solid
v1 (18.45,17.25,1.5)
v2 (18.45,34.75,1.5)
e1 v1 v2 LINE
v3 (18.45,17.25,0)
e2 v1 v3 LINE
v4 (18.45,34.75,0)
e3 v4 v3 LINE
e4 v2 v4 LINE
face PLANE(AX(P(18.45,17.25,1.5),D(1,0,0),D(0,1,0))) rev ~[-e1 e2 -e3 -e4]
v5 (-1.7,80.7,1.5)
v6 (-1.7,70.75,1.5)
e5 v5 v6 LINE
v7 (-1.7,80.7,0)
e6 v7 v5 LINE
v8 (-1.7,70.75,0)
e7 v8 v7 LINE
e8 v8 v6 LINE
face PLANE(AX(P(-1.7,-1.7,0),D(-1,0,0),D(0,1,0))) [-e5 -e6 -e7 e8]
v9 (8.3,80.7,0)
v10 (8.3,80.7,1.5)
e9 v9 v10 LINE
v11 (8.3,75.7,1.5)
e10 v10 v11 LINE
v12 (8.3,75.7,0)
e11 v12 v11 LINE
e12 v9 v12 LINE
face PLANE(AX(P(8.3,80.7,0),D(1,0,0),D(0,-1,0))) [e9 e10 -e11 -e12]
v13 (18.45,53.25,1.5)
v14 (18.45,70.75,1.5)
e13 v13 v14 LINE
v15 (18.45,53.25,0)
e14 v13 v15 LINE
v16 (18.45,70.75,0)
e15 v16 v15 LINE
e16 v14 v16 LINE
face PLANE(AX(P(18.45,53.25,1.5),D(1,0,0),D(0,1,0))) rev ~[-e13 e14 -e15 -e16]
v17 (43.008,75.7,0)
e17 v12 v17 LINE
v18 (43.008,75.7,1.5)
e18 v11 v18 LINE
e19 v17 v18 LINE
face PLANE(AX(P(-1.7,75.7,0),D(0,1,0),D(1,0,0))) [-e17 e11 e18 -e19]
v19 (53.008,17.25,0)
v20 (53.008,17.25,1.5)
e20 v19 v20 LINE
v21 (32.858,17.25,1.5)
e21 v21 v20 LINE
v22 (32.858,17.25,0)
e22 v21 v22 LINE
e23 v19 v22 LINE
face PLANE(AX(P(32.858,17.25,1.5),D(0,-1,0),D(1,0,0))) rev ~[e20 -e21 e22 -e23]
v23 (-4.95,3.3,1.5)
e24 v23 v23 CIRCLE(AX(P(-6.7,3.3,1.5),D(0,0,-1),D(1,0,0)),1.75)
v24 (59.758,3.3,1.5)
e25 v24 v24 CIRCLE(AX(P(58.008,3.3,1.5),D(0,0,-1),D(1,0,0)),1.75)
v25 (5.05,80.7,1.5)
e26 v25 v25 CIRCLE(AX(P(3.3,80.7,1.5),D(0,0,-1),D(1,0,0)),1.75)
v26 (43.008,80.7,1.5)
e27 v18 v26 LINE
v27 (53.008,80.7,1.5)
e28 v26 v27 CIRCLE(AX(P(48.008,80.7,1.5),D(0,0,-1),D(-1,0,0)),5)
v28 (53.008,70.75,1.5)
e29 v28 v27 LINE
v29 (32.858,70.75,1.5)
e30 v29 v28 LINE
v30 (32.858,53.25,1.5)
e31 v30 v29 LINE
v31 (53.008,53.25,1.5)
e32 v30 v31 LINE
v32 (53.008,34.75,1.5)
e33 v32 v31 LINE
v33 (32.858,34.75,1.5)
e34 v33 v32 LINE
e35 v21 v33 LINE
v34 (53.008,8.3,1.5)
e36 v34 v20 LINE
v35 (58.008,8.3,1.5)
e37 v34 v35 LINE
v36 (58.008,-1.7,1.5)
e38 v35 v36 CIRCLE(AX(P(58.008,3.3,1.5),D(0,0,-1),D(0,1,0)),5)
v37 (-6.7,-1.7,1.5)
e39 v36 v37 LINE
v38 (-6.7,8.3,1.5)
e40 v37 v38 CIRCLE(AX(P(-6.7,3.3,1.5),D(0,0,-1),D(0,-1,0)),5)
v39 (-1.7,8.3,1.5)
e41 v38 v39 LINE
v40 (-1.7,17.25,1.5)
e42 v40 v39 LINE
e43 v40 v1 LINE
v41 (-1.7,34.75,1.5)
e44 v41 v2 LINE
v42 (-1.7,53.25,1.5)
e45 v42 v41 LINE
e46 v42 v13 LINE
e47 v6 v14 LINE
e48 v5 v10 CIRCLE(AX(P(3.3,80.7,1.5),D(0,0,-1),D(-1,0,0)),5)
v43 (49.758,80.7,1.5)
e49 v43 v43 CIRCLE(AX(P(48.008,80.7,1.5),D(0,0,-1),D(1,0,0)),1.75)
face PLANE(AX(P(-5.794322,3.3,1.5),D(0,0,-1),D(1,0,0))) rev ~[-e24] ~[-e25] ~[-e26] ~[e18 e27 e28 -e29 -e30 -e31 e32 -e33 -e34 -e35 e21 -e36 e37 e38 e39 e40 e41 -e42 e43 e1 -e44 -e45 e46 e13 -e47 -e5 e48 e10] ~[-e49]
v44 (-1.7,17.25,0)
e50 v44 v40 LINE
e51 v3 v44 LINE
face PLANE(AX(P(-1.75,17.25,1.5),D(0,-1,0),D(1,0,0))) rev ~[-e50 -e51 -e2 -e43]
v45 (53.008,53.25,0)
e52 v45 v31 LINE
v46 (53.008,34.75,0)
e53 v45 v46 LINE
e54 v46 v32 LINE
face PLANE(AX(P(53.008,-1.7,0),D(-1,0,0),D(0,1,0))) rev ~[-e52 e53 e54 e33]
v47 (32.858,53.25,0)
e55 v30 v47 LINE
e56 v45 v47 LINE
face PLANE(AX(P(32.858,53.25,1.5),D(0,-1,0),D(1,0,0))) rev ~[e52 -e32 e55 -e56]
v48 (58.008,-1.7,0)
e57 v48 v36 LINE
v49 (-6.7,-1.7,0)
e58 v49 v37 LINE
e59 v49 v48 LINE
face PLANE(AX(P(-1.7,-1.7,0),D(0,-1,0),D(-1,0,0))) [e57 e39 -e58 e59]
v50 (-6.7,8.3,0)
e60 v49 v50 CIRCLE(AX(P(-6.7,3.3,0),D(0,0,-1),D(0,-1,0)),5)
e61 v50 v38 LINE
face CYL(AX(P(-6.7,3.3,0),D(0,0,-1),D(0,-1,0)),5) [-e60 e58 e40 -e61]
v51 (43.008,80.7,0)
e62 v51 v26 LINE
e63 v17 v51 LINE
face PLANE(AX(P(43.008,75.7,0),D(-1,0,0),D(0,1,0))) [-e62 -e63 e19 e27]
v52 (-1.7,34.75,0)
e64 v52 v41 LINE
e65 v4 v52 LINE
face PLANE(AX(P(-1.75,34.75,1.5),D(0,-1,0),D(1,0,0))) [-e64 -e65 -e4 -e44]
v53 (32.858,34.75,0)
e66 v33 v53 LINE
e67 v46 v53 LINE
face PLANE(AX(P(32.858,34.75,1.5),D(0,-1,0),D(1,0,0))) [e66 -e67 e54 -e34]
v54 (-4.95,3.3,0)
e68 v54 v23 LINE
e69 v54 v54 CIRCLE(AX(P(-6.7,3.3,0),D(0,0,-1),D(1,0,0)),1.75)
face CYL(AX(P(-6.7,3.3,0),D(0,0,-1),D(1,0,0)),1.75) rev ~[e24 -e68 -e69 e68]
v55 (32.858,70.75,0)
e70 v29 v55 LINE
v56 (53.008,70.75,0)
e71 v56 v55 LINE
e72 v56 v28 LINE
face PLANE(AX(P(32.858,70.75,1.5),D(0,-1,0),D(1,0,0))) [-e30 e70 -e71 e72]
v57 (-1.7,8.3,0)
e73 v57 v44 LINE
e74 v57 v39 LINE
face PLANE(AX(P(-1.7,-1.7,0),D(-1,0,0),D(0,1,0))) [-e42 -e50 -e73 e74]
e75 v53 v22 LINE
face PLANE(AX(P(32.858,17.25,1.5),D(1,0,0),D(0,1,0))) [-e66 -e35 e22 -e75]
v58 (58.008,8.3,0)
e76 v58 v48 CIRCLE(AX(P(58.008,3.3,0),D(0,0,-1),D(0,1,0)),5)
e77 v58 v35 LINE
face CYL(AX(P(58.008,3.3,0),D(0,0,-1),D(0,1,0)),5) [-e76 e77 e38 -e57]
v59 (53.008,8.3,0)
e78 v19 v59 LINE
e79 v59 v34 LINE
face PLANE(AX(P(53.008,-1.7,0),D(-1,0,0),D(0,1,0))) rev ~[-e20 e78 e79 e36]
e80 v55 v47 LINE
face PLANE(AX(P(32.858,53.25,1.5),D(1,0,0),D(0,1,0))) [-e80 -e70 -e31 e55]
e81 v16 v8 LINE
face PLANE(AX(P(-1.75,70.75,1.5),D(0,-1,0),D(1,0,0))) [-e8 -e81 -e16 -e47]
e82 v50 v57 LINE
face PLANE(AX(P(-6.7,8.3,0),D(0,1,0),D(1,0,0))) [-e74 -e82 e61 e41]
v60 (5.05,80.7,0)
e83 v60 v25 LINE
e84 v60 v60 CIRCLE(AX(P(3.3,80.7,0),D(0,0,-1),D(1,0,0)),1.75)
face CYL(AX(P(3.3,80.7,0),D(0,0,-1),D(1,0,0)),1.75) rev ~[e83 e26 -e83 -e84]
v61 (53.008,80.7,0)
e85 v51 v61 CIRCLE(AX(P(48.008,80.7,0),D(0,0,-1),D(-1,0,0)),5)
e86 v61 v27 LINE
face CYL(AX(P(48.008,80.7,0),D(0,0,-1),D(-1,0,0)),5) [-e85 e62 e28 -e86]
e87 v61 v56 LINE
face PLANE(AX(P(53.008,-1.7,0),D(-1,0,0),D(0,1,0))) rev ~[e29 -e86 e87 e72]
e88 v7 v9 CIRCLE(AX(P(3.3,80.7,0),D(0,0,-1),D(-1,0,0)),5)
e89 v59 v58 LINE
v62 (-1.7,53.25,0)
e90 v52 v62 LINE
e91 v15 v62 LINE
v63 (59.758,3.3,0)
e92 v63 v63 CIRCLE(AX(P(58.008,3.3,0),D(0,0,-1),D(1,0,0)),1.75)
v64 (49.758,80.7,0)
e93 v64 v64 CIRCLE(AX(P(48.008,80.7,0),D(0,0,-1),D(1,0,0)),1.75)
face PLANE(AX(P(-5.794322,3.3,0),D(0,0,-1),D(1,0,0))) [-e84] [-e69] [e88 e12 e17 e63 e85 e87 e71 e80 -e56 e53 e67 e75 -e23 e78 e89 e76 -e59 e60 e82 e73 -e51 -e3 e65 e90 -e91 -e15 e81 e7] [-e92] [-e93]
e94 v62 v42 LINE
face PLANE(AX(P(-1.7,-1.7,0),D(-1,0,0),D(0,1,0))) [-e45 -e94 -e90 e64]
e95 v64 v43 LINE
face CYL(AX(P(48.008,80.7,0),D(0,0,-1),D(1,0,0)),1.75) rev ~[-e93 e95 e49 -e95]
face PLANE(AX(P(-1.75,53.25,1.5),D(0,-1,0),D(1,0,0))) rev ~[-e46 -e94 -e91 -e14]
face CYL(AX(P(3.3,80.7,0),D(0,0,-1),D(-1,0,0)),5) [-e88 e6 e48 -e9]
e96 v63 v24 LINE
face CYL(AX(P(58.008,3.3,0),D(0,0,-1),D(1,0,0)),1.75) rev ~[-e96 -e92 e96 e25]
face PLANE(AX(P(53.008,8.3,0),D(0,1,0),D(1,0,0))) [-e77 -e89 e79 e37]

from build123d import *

# Parameters (mm, degrees)
F1_W     = 54.708
F1_H     = 77.4
F2_DEPTH = 1.5
F3_R     = 1.75
F4_DEPTH = 1.5
F5_W     = 20.2
F5_H     = 17.5
F6_DEPTH = 1.501


with BuildPart() as f2:
    # F1 (on face) → F2 (new body)
    with BuildSketch(Plane.XY):
        with Locations((25.654, 37)):
            Rectangle(F1_W, F1_H)
    extrude(amount=F2_DEPTH)

    # F3 (on face) → F4 (join)
    with BuildSketch(Plane(origin=(0, 0, 0), x_dir=(1, 0, 0), z_dir=(0, 0, -1))):
        with BuildLine():
            Line((-1.7, 1.7), (-6.7, 1.7))
            ThreePointArc((-6.7, 1.7), (-11.7, -3.3), (-6.7, -8.3))
            Line((-6.7, -8.3), (-1.7, -8.3))
            Line((-1.7, -8.3), (-1.7, 1.7))
        make_face()
        with Locations((-6.7, -3.3)):
            Circle(F3_R, mode=Mode.SUBTRACT)
        with BuildLine():
            Line((-1.7, -75.7), (-1.7, -80.7))
            ThreePointArc((-1.7, -80.7), (3.3, -85.7), (8.3, -80.7))
            Line((8.3, -80.7), (8.3, -75.7))
            Line((8.3, -75.7), (-1.7, -75.7))
        make_face()
        with Locations((3.3, -80.7)):
            Circle(F3_R, mode=Mode.SUBTRACT)
        with BuildLine():
            Line((53.008, -8.3), (58.008, -8.3))
            ThreePointArc((58.008, -8.3), (63.008, -3.3), (58.008, 1.7))
            Line((58.008, 1.7), (53.008, 1.7))
            Line((53.008, 1.7), (53.008, -8.3))
        make_face()
        with Locations((58.008, -3.3)):
            Circle(F3_R, mode=Mode.SUBTRACT)
        with BuildLine():
            Line((43.008, -75.7), (43.008, -80.7))
            ThreePointArc((43.008, -80.7), (48.008, -85.7), (53.008, -80.7))
            Line((53.008, -80.7), (53.008, -75.7))
            Line((53.008, -75.7), (43.008, -75.7))
        make_face()
        with Locations((48.008, -80.7)):
            Circle(F3_R, mode=Mode.SUBTRACT)
    extrude(amount=-F4_DEPTH)

    # F5 (on face) → F6 (cut, through all)
    with BuildSketch(Plane.XY.offset(1.5)):
        with Locations((8.35, 26)):
            Rectangle(F5_W, F5_H)
        with Locations((42.958, 26)):
            Rectangle(F5_W, F5_H)
        with Locations((8.35, 62)):
            Rectangle(F5_W, F5_H)
        with Locations((42.958, 62)):
            Rectangle(F5_W, F5_H)
    extrude(amount=-F6_DEPTH, mode=Mode.SUBTRACT)


solid = f2.part
